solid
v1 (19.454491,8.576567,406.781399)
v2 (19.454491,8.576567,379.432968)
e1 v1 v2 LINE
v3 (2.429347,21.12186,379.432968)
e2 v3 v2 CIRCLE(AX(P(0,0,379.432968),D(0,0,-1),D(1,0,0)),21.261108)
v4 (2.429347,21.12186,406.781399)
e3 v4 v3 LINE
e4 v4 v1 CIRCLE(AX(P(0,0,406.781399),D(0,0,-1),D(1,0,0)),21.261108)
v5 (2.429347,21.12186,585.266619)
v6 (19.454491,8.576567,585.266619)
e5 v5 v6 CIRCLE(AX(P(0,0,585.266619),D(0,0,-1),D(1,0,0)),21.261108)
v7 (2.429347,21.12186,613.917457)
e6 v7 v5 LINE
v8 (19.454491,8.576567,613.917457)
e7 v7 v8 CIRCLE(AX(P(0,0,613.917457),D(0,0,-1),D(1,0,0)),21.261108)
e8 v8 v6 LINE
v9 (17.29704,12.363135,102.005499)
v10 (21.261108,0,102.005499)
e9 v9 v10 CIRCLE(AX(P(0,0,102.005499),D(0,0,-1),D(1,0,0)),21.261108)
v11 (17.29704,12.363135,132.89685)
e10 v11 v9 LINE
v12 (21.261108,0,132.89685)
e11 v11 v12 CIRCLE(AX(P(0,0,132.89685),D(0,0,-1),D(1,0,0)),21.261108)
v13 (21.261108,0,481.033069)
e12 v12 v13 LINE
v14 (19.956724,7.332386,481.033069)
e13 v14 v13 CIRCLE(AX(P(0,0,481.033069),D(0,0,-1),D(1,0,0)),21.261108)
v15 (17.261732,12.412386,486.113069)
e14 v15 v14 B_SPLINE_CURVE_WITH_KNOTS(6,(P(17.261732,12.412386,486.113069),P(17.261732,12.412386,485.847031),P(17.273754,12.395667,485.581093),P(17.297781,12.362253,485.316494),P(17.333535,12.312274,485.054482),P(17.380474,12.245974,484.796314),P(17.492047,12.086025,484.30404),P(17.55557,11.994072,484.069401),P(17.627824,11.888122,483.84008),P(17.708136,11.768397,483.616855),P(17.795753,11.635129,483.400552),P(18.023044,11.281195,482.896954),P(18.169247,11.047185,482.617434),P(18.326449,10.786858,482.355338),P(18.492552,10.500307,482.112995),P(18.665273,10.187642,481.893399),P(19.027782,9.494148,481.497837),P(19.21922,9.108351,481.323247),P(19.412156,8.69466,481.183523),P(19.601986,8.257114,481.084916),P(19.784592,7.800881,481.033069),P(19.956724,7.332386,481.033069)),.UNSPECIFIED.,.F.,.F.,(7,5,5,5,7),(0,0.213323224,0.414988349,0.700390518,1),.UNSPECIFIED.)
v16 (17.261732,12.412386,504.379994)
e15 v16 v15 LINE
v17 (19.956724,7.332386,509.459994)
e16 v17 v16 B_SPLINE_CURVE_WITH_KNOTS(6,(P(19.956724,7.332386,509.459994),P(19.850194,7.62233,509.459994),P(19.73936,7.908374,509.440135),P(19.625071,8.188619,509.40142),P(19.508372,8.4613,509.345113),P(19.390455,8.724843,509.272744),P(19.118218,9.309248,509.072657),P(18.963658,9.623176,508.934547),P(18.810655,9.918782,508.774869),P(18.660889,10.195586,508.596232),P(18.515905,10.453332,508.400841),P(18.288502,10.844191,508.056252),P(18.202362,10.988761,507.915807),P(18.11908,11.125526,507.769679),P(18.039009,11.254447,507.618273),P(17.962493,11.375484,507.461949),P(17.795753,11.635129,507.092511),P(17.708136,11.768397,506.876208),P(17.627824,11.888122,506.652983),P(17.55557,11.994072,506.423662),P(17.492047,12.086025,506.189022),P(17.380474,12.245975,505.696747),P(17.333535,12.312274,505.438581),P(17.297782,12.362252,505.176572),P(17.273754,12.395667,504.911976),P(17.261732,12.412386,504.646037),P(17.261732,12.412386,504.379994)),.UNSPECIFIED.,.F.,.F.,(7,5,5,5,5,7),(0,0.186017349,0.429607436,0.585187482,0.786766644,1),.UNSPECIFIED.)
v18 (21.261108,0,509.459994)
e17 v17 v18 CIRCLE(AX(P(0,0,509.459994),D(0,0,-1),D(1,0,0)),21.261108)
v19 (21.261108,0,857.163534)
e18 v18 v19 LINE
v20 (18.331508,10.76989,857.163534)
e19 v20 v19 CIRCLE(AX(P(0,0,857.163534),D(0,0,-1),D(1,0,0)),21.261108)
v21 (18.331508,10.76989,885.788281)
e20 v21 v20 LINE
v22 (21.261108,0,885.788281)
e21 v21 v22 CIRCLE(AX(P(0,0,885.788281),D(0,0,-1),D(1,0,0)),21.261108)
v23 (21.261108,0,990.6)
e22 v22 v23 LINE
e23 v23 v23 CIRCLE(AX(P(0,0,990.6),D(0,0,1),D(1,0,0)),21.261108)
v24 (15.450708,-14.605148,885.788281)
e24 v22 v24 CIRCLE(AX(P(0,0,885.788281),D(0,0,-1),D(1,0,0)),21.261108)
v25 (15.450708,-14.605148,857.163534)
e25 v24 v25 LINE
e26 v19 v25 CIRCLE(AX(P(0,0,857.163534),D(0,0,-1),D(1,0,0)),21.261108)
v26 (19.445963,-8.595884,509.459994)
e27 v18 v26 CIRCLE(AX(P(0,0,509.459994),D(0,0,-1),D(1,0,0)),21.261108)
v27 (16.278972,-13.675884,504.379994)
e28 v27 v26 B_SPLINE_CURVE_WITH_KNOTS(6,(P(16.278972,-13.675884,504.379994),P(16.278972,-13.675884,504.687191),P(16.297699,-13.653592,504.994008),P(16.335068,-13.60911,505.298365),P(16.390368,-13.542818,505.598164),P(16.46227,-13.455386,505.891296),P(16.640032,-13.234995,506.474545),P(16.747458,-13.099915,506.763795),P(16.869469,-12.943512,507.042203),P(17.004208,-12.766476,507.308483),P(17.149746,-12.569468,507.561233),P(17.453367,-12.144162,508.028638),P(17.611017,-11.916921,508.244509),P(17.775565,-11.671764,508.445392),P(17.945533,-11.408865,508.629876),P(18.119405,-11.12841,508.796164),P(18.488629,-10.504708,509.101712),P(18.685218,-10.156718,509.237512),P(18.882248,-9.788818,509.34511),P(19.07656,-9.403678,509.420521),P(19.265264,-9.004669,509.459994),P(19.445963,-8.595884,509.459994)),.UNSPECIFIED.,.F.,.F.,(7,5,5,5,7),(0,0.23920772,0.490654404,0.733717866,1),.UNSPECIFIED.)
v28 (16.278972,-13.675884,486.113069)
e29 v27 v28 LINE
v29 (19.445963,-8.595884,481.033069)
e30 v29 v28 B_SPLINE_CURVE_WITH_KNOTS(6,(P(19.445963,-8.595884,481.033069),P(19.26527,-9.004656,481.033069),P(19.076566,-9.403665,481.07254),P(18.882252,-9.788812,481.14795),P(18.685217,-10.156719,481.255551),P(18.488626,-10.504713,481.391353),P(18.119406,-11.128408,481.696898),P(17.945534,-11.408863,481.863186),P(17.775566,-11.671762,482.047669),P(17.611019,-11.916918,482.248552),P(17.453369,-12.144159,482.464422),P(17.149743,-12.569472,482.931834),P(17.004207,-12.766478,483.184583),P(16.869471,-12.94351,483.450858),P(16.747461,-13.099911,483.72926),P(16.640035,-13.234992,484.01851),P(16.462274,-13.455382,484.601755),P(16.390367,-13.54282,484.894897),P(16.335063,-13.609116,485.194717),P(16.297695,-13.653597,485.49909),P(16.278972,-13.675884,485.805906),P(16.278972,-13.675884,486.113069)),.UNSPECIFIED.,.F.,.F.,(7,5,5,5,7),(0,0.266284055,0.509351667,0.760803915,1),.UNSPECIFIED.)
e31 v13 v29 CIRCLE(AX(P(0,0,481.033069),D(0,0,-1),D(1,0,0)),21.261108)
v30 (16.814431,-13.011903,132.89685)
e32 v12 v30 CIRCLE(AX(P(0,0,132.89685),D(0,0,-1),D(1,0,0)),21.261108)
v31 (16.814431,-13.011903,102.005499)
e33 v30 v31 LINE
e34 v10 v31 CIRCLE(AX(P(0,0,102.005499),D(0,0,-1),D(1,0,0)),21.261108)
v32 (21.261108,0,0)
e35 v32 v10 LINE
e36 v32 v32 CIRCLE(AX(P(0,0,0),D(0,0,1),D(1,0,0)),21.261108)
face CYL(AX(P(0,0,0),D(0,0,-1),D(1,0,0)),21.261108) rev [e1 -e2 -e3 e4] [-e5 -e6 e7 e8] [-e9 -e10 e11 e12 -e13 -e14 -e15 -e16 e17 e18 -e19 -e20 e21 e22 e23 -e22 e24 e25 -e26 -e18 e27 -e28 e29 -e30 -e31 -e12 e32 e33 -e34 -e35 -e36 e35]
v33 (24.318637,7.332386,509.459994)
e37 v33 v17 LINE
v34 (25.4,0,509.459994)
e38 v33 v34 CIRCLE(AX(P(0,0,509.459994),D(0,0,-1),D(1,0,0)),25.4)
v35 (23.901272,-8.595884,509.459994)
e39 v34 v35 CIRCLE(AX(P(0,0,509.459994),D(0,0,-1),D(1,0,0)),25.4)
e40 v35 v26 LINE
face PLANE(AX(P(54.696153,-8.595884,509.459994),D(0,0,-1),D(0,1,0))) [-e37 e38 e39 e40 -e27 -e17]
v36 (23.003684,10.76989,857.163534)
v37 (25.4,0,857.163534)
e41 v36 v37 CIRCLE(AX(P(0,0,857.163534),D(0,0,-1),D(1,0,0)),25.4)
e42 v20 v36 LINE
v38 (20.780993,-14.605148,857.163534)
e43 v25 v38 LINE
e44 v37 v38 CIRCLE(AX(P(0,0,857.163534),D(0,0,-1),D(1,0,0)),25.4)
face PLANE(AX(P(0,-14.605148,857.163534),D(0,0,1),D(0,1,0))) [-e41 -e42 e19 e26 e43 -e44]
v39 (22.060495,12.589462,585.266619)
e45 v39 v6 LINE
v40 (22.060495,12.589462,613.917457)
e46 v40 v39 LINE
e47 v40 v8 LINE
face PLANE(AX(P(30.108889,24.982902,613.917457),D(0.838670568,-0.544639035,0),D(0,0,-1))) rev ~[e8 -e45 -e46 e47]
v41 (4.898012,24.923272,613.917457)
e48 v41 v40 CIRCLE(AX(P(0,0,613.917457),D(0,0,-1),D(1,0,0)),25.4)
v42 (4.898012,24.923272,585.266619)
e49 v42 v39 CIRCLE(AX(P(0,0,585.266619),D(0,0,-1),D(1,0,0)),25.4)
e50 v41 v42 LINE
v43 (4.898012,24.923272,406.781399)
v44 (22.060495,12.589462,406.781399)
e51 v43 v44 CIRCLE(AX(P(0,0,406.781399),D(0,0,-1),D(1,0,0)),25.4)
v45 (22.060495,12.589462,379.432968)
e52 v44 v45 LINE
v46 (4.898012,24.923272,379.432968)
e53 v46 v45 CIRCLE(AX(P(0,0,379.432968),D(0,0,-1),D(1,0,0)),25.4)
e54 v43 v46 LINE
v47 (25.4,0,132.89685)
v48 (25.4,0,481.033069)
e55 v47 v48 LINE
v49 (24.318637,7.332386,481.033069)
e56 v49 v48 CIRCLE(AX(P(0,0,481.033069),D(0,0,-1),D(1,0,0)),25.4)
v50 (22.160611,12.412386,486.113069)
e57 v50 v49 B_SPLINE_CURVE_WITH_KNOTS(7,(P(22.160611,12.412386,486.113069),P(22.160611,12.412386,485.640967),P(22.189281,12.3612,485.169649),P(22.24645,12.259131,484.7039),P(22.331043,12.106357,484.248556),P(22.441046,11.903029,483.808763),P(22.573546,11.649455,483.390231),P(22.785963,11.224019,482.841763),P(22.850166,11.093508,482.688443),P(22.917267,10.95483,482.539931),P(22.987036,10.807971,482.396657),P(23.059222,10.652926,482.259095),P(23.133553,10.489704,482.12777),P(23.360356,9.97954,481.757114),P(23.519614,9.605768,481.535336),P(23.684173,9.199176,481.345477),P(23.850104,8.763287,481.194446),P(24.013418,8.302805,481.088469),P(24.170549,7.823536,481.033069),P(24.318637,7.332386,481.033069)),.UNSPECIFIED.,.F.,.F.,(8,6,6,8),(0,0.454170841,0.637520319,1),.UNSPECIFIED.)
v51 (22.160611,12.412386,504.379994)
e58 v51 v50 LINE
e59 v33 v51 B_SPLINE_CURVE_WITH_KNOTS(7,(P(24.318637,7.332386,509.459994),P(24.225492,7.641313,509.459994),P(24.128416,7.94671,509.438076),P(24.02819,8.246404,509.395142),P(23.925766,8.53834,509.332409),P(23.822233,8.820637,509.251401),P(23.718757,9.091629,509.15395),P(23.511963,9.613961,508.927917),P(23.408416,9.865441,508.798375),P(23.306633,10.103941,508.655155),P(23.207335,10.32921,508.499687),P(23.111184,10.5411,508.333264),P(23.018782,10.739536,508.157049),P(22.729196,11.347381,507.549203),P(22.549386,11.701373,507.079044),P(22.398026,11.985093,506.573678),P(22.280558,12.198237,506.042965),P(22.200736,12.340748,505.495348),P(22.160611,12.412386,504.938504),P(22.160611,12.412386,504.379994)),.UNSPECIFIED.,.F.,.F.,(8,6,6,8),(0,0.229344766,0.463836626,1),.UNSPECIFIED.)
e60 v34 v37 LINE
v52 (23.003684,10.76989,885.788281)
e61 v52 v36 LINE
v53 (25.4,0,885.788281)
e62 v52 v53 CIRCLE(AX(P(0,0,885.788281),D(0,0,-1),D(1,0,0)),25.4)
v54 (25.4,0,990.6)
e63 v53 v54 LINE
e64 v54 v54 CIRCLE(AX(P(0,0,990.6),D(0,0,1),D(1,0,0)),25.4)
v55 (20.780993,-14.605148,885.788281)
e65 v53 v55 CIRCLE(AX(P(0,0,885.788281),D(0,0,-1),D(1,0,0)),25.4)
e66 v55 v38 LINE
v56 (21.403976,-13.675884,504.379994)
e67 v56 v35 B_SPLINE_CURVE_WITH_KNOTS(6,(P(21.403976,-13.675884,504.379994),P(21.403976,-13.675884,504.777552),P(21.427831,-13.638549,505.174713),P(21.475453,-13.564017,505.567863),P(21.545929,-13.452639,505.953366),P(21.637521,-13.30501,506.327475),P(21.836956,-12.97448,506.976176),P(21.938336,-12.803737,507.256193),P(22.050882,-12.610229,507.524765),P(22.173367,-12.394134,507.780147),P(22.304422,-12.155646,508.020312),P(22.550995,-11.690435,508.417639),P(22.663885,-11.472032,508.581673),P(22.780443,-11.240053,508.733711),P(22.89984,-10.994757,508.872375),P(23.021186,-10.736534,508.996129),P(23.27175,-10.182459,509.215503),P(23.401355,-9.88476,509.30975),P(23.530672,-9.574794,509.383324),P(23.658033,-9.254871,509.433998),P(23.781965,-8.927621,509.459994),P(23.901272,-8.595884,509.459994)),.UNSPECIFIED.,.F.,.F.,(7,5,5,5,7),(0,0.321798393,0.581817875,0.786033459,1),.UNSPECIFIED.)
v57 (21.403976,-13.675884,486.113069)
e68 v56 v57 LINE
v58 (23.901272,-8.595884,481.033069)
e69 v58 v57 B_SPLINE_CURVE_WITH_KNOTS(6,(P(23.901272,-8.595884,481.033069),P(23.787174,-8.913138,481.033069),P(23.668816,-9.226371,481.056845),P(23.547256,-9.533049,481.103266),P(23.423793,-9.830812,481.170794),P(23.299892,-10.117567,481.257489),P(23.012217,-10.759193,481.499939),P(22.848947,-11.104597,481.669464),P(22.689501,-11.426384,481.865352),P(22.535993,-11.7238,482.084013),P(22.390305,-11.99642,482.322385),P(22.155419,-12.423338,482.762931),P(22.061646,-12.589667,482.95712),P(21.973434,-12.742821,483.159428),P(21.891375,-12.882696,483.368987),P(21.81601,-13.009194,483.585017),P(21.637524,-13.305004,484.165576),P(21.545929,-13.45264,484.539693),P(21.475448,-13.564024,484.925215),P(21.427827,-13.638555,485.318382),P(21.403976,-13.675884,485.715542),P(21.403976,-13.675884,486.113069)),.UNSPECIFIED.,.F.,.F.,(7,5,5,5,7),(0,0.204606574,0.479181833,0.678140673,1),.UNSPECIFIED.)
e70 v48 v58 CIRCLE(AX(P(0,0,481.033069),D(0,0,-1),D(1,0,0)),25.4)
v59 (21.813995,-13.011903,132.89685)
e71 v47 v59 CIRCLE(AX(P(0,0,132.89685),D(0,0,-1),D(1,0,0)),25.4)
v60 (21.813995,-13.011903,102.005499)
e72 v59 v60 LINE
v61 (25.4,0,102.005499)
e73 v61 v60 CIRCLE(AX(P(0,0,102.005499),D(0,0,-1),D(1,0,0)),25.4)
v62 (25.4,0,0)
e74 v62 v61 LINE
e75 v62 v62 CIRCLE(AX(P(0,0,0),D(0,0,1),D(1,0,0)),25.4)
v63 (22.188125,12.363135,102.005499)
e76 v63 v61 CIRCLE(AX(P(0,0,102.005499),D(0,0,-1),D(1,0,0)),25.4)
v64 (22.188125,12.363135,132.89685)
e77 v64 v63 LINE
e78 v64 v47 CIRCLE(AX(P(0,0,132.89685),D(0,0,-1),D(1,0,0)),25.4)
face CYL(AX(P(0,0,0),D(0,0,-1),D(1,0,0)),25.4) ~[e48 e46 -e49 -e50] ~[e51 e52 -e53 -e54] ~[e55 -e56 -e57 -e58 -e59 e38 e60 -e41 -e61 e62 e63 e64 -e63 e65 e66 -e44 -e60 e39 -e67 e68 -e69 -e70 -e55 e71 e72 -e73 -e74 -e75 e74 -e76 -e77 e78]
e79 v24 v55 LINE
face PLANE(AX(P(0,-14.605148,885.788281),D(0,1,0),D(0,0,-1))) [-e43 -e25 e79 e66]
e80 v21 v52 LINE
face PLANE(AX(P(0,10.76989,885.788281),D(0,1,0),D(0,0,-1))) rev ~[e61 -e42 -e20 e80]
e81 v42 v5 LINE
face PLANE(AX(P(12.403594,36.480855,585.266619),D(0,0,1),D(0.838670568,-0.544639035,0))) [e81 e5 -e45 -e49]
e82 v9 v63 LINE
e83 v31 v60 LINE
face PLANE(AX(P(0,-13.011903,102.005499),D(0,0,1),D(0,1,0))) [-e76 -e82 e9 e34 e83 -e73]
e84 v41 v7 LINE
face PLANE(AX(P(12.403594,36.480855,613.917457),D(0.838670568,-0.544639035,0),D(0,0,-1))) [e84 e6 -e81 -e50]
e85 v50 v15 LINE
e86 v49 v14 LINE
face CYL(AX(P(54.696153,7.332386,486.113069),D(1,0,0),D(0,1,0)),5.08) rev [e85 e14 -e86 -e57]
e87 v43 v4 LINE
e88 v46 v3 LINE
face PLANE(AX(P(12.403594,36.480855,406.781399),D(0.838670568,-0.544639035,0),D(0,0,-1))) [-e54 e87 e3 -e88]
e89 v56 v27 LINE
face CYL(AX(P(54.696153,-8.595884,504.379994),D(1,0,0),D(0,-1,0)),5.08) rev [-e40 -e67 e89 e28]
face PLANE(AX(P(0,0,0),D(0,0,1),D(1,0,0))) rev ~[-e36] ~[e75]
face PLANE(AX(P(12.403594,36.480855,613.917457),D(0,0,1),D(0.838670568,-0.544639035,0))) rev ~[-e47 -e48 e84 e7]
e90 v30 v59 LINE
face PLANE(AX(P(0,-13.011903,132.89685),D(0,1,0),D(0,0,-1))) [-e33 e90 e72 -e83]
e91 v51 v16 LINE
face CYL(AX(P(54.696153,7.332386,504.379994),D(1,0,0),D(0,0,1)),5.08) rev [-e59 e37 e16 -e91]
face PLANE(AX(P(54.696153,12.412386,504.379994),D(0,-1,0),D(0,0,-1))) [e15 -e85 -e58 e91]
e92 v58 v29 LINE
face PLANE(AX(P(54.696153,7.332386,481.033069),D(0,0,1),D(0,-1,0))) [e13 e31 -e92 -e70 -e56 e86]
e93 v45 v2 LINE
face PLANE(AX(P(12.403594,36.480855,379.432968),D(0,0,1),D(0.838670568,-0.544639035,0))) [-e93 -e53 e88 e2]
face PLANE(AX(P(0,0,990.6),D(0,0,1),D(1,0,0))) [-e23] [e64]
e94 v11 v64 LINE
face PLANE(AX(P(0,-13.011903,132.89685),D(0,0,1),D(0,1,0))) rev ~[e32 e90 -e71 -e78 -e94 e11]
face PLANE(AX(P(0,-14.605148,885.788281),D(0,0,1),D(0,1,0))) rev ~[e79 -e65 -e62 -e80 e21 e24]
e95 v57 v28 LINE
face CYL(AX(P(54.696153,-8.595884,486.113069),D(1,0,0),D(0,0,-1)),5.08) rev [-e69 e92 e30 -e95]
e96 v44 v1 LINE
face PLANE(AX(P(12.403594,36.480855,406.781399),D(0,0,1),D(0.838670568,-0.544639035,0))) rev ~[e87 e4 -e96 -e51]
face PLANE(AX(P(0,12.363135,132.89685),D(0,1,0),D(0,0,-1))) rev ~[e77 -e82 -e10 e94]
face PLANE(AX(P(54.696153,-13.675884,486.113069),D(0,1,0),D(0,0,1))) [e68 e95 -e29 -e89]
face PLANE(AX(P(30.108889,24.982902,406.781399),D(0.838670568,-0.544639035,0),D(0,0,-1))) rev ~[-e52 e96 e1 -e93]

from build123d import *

# Parameters (mm, degrees)
SKETCH1_R           = 25.4
SKETCH1_R_2         = 21.261108016
BOSS_EXTRUDE1_DEPTH = 990.6
SKETCH2_W           = 28.624747861
SKETCH2_H           = 25.375038237
SKETCH2_W_2         = 30.891350897
CUT_EXTRUDE1_DEPTH  = 134.112
SKETCH4_W           = 21.111143717
SKETCH4_H           = 28.650837901
SKETCH4_H_2         = 27.348431128
CUT_EXTRUDE3_DEPTH  = 26.416
CUT_EXTRUDE4_DEPTH  = 54.864


with BuildPart() as part:
    # Sketch1 → Boss-Extrude1 (new body)
    with BuildSketch(Plane.XY):
        Circle(SKETCH1_R)
        Circle(SKETCH1_R_2, mode=Mode.SUBTRACT)
    extrude(amount=BOSS_EXTRUDE1_DEPTH)

    # Sketch2 → Cut-Extrude1 (cut)
    with BuildSketch(Plane(origin=(0, 0, 0), x_dir=(0, 0, -1), z_dir=(1, 0, 0))):
        with Locations((-871.475907431, -1.917628622)):
            Rectangle(SKETCH2_W, SKETCH2_H)
        with Locations((-117.451174558, -0.32438411)):
            Rectangle(SKETCH2_W_2, SKETCH2_H)
    extrude(amount=CUT_EXTRUDE1_DEPTH, mode=Mode.SUBTRACT)

    # Sketch4 → Cut-Extrude3 (cut)
    with BuildSketch(Plane(origin=(20.34275841, 31.325100943, 990.6), x_dir=(0.8386705679454252, -0.5446390350150252, 0), z_dir=(0.5446390350150253, 0.8386705679454253, 0))):
        with Locations((1.089203724, 391.007961831)):
            Rectangle(SKETCH4_W, SKETCH4_H)
        with Locations((1.089203724, 597.492816454)):
            Rectangle(SKETCH4_W, SKETCH4_H_2)
    extrude(amount=-CUT_EXTRUDE3_DEPTH, mode=Mode.SUBTRACT)

    # Sketch5 → Cut-Extrude4 (cut)
    with BuildSketch(Plane(origin=(54.696152621, 0, 0), x_dir=(0, 0, -1), z_dir=(1, 0, 0))):
        with BuildLine():
            Line((-504.379993857, 12.412385949), (-486.113069106, 12.412385949))
            ThreePointArc((-486.113069106, 12.412385949), (-482.520966658, 10.924488397), (-481.033069106, 7.332385949))
            Line((-481.033069106, 7.332385949), (-481.033069106, -8.595883791))
            ThreePointArc((-481.033069106, -8.595883791), (-482.520966658, -12.187986239), (-486.113069106, -13.675883791))
            Line((-486.113069106, -13.675883791), (-504.379993857, -13.675883791))
            ThreePointArc((-504.379993857, -13.675883791), (-507.972096305, -12.187986239), (-509.459993857, -8.595883791))
            Line((-509.459993857, -8.595883791), (-509.459993857, 7.332385949))
            ThreePointArc((-509.459993857, 7.332385949), (-507.972096305, 10.924488397), (-504.379993857, 12.412385949))
        make_face()
    extrude(amount=-CUT_EXTRUDE4_DEPTH, mode=Mode.SUBTRACT)


solid = part.part
